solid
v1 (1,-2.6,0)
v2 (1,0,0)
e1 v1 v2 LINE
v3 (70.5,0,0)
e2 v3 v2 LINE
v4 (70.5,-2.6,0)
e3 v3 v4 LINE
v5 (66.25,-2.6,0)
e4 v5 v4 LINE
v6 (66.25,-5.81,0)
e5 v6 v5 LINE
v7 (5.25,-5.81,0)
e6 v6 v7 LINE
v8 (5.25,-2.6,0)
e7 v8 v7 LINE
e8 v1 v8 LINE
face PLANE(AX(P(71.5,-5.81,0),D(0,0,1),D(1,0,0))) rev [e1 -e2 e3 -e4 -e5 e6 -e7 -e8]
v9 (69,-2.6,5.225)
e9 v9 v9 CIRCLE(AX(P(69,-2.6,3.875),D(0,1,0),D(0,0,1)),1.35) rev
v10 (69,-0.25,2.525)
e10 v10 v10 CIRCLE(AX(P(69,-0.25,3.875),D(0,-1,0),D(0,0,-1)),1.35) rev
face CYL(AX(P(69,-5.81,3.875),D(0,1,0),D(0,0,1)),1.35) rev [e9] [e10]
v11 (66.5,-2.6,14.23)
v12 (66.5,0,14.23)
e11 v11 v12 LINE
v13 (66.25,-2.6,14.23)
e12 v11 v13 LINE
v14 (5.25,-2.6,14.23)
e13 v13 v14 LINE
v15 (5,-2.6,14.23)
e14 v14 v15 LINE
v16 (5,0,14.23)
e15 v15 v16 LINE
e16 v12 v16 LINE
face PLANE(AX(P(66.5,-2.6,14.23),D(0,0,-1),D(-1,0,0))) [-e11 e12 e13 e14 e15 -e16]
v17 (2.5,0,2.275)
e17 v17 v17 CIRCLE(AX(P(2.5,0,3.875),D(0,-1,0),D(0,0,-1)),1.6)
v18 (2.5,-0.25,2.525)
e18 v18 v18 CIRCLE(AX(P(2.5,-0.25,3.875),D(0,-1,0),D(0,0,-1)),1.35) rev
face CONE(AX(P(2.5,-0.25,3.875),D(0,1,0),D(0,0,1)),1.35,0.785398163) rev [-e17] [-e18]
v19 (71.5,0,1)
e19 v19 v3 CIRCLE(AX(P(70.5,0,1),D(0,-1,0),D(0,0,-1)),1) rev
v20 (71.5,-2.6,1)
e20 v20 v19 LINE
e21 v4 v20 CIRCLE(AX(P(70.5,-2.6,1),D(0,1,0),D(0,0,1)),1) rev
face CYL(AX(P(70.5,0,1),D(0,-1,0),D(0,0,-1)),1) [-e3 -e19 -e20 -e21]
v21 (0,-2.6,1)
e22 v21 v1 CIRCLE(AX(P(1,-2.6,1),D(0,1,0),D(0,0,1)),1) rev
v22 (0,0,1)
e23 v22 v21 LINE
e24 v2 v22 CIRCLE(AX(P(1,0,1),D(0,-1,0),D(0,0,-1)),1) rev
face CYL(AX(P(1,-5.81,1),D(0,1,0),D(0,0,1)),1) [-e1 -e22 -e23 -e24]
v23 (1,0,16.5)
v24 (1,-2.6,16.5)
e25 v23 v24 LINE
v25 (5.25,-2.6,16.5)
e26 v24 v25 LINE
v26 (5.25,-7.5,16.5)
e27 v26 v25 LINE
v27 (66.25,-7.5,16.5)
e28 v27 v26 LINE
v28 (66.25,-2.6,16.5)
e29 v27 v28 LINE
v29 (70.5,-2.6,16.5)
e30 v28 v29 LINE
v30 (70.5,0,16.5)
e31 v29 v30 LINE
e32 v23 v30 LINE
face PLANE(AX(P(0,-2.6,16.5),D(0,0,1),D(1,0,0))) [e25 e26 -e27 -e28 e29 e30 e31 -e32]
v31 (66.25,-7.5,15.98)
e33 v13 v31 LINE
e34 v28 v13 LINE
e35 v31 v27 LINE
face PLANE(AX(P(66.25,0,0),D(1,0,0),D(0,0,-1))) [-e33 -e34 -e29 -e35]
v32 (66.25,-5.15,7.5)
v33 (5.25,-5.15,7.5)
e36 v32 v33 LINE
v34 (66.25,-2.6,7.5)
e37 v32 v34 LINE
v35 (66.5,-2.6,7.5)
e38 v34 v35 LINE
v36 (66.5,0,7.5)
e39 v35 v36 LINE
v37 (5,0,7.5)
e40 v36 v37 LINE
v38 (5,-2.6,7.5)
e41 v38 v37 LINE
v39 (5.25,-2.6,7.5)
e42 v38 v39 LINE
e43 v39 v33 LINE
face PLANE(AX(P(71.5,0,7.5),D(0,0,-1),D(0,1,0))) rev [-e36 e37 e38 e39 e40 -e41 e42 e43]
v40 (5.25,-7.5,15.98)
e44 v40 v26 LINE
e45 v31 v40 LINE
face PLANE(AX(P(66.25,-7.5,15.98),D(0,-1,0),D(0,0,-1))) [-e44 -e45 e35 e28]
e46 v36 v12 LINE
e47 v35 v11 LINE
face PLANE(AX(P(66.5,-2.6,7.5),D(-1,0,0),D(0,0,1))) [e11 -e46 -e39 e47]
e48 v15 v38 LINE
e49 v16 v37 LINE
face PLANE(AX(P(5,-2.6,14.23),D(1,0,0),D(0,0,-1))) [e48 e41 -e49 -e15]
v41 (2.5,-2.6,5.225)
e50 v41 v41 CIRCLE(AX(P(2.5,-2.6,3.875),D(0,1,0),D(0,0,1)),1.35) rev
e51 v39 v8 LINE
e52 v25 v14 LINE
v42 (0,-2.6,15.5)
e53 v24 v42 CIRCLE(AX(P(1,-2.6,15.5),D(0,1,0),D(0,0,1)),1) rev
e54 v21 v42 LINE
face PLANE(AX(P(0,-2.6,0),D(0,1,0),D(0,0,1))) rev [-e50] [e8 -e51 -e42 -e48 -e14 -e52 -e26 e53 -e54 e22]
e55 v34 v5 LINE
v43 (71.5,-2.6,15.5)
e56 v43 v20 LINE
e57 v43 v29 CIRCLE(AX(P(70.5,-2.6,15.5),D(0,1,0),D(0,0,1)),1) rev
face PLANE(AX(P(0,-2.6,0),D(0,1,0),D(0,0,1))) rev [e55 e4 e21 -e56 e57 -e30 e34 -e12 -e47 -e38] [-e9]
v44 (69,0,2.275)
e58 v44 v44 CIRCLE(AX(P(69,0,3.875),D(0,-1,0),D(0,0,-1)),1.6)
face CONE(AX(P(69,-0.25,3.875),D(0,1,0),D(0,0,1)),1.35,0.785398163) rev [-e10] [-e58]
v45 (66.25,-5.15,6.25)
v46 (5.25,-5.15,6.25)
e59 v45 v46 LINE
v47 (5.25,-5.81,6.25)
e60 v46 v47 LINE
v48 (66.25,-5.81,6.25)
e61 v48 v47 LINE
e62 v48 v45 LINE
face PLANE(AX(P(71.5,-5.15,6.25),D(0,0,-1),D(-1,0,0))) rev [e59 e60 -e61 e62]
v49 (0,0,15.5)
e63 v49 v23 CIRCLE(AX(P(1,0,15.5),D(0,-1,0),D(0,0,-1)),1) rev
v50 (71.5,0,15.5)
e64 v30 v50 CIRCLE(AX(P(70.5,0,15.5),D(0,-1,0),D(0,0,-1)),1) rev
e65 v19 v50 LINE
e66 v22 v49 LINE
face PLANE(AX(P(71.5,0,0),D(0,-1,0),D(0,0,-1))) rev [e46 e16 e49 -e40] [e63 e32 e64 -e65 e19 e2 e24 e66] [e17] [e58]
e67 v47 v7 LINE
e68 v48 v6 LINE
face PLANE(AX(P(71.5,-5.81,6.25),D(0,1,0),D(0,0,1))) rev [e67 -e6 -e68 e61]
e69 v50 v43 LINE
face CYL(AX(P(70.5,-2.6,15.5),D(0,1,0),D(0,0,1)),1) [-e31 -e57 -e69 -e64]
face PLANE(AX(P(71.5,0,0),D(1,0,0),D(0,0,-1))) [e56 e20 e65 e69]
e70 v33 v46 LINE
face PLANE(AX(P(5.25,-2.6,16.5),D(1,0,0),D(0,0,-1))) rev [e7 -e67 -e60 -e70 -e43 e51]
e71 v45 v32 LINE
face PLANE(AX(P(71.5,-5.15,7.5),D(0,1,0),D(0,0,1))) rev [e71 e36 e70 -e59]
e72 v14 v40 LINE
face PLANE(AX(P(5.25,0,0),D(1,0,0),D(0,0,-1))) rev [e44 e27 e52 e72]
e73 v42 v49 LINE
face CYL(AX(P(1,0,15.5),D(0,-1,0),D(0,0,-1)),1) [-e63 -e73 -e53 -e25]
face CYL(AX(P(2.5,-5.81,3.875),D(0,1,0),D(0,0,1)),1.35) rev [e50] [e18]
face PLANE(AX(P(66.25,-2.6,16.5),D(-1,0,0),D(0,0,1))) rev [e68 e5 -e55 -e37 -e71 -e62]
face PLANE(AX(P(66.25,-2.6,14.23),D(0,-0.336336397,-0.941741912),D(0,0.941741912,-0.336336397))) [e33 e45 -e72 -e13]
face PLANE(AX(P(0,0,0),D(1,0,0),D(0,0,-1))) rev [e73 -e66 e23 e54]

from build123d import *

# Parameters (mm, degrees)
BOSS_EXTRUDE1_DEPTH = 71.5
SKETCH2_R           = 1.35
CUT_EXTRUDE1_DEPTH  = 6.81
BOSS_EXTRUDE2_DEPTH = 2.6
BOSS_EXTRUDE3_DEPTH = 61
SKETCH5_W           = 5.25
SKETCH5_H           = 3.21
CUT_EXTRUDE2_DEPTH  = 17.5
FILLET1_R           = 1
CHAMFER1_SIZE       = 0.25


with BuildPart() as part:
    # Sketch1 → Boss-Extrude1 (new body)
    with BuildSketch(Plane(origin=(0, 0, 0), x_dir=(0, 0, -1), z_dir=(1, 0, 0))):
        Polygon((0, 0), (-7.5, 0), (-7.5, -5.15), (-6.25, -5.15), (-6.25, -5.81), (0, -5.81), align=None)
    extrude(amount=BOSS_EXTRUDE1_DEPTH)

    # Sketch2 → Cut-Extrude1 (cut, through all)
    with BuildSketch(Plane(origin=(0, 0, 0), x_dir=(1, 0, 0), z_dir=(0, 1, 0))):
        with Locations((2.5, -3.875)):
            Circle(SKETCH2_R)
        with Locations((69, -3.875)):
            Circle(SKETCH2_R)
    extrude(amount=-CUT_EXTRUDE1_DEPTH, mode=Mode.SUBTRACT)

    # Sketch3 → Boss-Extrude2 (add)
    with BuildSketch(Plane(origin=(0, 0, 0), x_dir=(1, 0, 0), z_dir=(0, 1, 0))):
        Polygon((0, -7.5), (0, -16.5), (71.5, -16.5), (71.5, -7.5), (66.5, -7.5), (66.5, -14.23), (5, -14.23), (5, -7.5), align=None)
    extrude(amount=-BOSS_EXTRUDE2_DEPTH)

    # Sketch4 → Boss-Extrude3 (add)
    with BuildSketch(Plane.ZY.offset(-5.25)):
        Polygon((16.5, -2.6), (16.5, -7.5), (15.98, -7.5), (14.23, -2.6), align=None)
    extrude(amount=-BOSS_EXTRUDE3_DEPTH)

    # Sketch5 → Cut-Extrude2 (cut, through all)
    with BuildSketch(Plane(origin=(0, 0, 0), x_dir=(-1, 0, 0), z_dir=(0, 0, -1))):
        with Locations((-2.625, -4.205)):
            Rectangle(SKETCH5_W, SKETCH5_H)
        with Locations((-68.875, -4.205)):
            Rectangle(SKETCH5_W, SKETCH5_H)
    extrude(amount=-CUT_EXTRUDE2_DEPTH, mode=Mode.SUBTRACT)

    # Fillet1
    fillet1_edges = [part.edges().sort_by_distance(p)[0] for p in [
        (71.5, -1.3, 16.5),
        (0, -1.3, 16.5),
        (0, -1.3, 0),
        (71.5, -1.3, 0),
    ]]
    fillet(fillet1_edges, radius=FILLET1_R)

    # Chamfer1
    chamfer1_edges = [part.edges().sort_by_distance(p)[0] for p in [
        (1.15, 0, 3.875),
        (67.65, 0, 3.875),
    ]]
    chamfer(chamfer1_edges, length=CHAMFER1_SIZE)


solid = part.part
